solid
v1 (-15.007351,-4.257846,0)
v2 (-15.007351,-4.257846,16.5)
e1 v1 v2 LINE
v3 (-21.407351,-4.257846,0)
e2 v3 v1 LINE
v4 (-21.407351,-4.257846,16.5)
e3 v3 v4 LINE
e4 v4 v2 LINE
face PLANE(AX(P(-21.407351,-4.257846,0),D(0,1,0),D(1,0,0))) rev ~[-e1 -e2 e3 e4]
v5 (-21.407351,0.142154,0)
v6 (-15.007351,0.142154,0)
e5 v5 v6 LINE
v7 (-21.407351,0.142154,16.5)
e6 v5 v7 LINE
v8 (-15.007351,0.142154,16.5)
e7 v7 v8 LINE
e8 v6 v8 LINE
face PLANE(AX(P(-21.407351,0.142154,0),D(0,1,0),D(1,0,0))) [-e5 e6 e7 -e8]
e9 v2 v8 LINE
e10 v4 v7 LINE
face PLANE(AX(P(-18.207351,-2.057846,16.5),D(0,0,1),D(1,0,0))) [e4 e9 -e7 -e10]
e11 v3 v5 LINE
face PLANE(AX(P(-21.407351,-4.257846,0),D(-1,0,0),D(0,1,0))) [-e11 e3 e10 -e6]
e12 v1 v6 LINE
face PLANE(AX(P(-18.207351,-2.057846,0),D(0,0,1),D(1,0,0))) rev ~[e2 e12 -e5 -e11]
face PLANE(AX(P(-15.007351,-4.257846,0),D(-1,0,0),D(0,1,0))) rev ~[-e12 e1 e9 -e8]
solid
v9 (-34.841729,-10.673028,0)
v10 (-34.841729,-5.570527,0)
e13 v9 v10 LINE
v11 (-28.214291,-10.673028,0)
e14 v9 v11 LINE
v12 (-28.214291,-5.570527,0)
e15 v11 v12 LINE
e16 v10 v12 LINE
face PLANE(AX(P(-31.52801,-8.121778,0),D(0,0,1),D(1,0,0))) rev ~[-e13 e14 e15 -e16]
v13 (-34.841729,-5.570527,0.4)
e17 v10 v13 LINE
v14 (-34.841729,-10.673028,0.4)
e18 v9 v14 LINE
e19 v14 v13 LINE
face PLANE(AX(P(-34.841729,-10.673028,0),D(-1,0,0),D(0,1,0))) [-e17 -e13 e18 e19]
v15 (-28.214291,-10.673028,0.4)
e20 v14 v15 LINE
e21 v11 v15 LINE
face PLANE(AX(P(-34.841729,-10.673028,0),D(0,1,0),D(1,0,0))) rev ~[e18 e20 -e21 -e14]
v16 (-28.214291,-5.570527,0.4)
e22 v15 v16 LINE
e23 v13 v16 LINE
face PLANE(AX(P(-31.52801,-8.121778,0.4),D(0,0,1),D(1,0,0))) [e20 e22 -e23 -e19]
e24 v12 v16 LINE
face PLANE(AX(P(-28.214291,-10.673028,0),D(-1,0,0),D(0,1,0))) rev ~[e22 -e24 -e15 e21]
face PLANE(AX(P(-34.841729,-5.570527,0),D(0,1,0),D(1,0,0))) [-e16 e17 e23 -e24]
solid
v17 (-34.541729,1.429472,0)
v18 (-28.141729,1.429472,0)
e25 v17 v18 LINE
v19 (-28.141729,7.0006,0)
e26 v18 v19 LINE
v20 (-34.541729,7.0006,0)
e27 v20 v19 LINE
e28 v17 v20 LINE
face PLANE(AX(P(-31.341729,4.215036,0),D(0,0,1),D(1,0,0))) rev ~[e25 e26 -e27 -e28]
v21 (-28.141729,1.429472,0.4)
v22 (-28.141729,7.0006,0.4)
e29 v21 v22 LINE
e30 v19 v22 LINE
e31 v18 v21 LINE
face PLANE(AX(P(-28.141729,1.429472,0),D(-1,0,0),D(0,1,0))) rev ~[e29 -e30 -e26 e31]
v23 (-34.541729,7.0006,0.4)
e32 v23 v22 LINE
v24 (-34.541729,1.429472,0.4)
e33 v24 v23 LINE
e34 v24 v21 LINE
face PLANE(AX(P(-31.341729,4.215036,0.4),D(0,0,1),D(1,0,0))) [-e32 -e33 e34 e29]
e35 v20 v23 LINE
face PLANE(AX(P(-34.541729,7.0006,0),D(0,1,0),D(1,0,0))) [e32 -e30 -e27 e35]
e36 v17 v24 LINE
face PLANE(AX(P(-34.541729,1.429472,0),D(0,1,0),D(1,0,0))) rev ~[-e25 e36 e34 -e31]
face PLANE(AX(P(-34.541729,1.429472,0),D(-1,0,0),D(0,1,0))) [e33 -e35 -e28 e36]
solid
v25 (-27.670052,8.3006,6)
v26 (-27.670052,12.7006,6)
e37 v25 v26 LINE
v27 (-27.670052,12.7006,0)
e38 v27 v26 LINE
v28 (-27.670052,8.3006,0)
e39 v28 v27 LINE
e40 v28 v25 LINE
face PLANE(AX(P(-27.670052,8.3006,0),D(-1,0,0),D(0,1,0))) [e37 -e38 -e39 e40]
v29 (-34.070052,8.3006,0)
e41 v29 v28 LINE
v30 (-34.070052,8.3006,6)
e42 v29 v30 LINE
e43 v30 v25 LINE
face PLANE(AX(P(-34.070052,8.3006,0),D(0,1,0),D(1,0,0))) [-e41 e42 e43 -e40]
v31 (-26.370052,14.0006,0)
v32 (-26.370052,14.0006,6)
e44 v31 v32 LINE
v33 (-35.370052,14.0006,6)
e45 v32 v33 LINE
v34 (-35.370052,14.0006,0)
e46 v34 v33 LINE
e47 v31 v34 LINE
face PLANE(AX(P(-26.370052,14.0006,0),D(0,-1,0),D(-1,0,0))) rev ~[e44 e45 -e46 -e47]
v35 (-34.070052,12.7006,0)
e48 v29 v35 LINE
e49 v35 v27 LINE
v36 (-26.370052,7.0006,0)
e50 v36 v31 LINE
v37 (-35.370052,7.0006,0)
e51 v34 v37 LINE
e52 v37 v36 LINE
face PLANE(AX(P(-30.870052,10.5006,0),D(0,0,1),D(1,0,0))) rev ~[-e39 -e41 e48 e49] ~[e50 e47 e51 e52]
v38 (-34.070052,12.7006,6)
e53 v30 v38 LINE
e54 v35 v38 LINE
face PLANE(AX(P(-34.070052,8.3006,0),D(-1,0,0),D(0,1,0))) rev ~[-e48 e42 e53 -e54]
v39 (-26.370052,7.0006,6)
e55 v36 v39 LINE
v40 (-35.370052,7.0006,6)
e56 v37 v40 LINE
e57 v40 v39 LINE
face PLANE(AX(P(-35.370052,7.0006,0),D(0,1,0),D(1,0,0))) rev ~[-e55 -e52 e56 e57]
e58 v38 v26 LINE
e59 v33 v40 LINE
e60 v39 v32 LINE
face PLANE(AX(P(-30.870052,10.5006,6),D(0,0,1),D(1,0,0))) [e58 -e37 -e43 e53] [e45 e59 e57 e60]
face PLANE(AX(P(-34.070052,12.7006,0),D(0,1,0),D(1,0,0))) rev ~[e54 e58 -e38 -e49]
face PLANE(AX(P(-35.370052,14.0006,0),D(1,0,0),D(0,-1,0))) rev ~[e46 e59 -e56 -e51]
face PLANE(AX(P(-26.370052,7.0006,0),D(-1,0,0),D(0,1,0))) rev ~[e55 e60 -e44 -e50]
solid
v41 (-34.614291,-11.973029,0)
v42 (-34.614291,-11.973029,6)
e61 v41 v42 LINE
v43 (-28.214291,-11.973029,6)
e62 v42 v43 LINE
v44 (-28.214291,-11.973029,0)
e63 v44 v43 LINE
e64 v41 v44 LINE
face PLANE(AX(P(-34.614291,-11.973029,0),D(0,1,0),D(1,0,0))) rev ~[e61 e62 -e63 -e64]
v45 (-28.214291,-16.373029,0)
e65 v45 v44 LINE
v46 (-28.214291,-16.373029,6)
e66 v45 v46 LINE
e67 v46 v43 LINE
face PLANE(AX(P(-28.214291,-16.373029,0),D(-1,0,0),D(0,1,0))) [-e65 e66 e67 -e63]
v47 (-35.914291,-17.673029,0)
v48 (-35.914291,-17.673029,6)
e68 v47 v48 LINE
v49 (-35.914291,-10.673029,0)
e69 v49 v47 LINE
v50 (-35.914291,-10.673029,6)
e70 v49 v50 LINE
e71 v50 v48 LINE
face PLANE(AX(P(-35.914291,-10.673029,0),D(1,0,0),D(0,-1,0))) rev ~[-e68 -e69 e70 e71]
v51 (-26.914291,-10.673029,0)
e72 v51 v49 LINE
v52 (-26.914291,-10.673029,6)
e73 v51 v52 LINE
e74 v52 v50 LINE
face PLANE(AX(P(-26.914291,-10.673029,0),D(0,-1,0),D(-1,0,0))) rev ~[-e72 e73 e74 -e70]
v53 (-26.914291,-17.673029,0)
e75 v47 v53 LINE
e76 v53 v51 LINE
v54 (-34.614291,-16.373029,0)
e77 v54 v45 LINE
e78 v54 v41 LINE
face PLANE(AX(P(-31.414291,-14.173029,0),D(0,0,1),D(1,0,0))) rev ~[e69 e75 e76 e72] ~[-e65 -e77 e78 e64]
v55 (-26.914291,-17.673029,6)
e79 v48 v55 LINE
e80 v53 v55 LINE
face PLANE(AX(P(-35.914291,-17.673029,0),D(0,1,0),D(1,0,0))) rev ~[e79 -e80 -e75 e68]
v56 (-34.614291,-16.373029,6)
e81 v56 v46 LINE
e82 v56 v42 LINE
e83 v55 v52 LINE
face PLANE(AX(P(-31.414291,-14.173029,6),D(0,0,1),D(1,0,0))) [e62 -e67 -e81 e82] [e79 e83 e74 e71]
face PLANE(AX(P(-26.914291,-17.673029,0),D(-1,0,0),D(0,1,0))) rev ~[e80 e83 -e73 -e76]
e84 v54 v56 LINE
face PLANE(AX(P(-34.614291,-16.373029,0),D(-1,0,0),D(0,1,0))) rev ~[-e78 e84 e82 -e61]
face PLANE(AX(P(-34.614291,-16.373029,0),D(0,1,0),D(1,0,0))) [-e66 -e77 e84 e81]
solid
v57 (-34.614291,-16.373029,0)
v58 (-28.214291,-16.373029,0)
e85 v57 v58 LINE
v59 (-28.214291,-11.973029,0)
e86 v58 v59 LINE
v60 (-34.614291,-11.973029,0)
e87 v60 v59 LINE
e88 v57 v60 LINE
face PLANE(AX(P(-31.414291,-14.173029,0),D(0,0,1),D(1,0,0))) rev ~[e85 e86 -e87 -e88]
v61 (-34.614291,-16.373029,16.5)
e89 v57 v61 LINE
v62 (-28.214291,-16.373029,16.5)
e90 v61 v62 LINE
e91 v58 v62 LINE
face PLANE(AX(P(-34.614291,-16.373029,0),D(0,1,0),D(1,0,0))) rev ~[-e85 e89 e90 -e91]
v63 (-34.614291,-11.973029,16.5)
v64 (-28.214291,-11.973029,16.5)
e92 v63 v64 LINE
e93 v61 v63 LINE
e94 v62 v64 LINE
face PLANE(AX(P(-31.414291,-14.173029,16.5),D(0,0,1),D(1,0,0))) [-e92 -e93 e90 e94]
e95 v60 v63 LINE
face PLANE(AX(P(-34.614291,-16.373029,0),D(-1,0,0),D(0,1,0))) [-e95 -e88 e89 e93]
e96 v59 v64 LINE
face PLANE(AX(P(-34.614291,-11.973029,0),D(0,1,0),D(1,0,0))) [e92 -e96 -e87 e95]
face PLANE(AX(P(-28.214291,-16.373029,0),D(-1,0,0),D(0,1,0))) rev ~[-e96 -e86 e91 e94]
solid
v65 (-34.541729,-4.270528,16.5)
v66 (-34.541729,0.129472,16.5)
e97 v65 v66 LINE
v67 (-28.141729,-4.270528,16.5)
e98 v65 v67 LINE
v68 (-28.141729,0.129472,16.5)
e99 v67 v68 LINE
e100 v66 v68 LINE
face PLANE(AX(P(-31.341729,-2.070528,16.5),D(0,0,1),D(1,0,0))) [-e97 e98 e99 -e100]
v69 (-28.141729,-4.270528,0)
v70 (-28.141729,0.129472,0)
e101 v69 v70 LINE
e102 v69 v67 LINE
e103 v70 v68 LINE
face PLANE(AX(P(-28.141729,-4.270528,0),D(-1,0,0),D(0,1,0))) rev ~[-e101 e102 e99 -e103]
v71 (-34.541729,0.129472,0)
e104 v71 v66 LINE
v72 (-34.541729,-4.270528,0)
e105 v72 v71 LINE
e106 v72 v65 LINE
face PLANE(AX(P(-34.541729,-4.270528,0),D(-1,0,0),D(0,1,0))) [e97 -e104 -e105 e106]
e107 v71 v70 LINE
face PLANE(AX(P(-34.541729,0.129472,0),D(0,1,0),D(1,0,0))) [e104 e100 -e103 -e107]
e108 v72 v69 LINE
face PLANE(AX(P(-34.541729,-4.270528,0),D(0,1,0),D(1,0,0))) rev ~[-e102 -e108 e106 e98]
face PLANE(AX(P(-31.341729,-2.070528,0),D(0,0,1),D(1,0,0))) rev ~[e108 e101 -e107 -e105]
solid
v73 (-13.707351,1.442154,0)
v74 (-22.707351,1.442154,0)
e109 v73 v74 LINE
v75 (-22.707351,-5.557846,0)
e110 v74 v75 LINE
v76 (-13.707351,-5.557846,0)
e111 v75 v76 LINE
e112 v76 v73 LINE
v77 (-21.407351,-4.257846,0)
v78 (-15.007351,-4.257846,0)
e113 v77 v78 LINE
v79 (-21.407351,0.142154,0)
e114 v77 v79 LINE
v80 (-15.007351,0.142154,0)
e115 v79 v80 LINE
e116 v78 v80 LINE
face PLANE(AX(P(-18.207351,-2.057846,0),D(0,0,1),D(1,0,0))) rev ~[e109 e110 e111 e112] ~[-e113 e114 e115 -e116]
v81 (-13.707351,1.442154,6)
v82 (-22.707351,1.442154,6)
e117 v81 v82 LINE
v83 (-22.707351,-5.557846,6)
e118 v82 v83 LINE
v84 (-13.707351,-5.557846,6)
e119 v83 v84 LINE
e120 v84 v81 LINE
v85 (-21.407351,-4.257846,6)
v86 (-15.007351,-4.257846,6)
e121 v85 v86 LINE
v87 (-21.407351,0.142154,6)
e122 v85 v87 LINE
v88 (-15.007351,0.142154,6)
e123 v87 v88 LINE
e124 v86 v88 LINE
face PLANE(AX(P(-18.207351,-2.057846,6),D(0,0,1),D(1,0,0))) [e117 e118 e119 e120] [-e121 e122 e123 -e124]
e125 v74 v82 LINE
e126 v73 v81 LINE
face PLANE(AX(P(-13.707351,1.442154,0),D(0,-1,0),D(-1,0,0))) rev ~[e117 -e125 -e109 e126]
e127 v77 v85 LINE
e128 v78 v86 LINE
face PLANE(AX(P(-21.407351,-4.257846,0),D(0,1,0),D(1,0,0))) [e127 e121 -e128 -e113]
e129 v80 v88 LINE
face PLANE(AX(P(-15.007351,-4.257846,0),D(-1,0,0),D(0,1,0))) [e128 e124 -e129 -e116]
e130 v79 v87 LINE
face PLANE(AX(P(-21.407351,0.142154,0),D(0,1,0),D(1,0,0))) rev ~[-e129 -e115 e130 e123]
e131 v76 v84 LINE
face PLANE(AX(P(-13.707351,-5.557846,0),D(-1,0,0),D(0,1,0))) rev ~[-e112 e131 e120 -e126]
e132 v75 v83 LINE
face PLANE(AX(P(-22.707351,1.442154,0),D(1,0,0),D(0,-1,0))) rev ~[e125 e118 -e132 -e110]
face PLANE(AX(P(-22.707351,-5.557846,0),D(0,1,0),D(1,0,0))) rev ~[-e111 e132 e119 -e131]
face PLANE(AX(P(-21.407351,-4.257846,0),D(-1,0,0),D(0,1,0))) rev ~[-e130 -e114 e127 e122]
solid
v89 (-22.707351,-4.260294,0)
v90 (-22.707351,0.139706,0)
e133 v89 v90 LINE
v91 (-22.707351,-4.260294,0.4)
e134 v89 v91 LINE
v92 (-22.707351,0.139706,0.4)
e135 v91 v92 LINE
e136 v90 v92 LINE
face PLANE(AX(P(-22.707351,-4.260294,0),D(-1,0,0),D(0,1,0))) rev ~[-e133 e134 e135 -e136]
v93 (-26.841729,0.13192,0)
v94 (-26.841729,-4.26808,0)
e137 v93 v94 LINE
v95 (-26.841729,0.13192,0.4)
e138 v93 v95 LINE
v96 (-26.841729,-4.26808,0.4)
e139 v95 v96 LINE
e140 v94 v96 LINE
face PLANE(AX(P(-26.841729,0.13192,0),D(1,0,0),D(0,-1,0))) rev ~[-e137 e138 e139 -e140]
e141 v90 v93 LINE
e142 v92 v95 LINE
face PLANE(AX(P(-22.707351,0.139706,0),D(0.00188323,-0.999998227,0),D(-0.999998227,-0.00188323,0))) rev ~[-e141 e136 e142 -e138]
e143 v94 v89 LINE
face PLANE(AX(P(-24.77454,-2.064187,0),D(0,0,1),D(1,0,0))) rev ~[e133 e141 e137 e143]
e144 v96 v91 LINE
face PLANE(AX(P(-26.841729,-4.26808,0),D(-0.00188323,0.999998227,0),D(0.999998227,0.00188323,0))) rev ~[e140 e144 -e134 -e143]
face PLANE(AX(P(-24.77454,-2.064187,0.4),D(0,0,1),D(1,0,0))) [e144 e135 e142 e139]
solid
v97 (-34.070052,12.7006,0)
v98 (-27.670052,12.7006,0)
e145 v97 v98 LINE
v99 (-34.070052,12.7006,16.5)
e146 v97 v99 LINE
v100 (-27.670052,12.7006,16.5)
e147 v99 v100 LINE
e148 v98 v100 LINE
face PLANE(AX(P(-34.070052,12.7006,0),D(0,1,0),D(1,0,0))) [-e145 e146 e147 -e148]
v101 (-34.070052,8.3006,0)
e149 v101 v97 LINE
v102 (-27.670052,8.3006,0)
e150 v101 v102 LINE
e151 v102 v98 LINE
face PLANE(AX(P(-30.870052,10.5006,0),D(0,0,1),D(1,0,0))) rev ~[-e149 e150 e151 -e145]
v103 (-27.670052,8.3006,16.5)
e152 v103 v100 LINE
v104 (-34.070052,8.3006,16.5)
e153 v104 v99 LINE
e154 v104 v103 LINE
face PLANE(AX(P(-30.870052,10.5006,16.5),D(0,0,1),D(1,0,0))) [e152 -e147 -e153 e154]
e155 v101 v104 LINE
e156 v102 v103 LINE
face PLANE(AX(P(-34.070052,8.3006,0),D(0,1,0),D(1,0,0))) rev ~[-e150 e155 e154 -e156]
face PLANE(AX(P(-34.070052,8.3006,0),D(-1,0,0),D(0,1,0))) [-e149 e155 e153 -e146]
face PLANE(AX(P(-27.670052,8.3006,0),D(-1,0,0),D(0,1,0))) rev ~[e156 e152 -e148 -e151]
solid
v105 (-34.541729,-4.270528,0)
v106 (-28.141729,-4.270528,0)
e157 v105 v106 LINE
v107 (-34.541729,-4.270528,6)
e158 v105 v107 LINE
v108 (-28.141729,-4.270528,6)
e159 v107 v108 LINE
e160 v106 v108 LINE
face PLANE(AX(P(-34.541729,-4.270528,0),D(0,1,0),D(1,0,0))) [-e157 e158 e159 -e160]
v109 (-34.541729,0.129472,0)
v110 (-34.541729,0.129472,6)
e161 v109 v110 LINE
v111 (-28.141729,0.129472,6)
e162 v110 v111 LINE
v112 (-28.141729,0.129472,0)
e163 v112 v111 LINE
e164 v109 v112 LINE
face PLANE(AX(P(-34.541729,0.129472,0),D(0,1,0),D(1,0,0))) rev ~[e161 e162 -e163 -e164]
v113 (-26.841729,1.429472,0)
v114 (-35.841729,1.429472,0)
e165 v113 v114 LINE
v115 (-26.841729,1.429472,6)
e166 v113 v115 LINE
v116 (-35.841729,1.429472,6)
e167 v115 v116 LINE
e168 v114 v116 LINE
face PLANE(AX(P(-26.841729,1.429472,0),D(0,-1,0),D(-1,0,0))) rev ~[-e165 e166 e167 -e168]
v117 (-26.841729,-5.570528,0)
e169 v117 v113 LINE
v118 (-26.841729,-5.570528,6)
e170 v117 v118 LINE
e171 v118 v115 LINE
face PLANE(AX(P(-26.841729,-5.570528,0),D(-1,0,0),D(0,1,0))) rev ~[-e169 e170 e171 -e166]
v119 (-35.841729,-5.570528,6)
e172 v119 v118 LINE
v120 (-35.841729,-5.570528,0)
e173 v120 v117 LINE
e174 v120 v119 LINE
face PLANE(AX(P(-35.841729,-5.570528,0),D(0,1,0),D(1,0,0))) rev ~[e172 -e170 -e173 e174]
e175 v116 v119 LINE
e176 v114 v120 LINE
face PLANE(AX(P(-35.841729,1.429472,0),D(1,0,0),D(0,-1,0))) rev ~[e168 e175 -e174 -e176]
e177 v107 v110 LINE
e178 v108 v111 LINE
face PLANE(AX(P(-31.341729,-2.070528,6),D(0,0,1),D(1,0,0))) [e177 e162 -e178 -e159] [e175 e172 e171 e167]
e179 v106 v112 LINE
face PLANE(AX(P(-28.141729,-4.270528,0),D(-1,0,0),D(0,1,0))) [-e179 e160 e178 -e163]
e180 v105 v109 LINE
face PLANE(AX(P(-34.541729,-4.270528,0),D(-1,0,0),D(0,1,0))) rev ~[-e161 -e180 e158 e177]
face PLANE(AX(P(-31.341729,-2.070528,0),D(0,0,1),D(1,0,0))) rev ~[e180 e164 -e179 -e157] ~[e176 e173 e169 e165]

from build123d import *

# Parameters (mm, degrees)
F0_W     = 6.4
F0_H     = 4.4
F1_DEPTH = 6
F2_DEPTH = 16.5
F0_H_2   = 5.571128
F0_W_2   = 6.627438
F0_H_3   = 5.102501
F3_DEPTH = 0.4


with BuildPart() as f1:
    # F0 (on Top) → F1 (new body)
    with BuildSketch(Plane.XY):
        Polygon((-28.141729, 1.429472), (-34.541729, 1.429472), (-35.841729, 1.429472), (-35.841729, -5.570528), (-34.841729, -5.570528), (-28.214291, -5.570528), (-26.841729, -5.570528), (-26.841729, -4.26808), (-26.841729, 0.13192), (-26.841729, 1.429472), align=None)
        with Locations((-31.341729, -2.070528)):
            Rectangle(F0_W, F0_H, mode=Mode.SUBTRACT)
        Polygon((-22.707351, 1.442154), (-22.707351, 0.139706), (-22.707351, -4.260294), (-22.707351, -5.557846), (-13.707351, -5.557846), (-13.707351, 1.442154), align=None)
        with Locations((-18.207351, -2.057846)):
            Rectangle(F0_W, F0_H, mode=Mode.SUBTRACT)
        Polygon((-26.370052, 14.0006), (-35.370052, 14.0006), (-35.370052, 7.0006), (-34.541729, 7.0006), (-28.141729, 7.0006), (-26.370052, 7.0006), align=None)
        with Locations((-30.870052, 10.5006)):
            Rectangle(F0_W, F0_H, mode=Mode.SUBTRACT)
        Polygon((-28.214291, -10.673029), (-34.841729, -10.673029), (-35.914291, -10.673029), (-35.914291, -17.673029), (-26.914291, -17.673029), (-26.914291, -10.673029), align=None)
        with Locations((-31.414291, -14.173029)):
            Rectangle(F0_W, F0_H, mode=Mode.SUBTRACT)
    extrude(amount=F1_DEPTH)


with BuildPart() as f2:
    # F0 (on Top) → F2 (new body)
    with BuildSketch(Plane.XY):
        with Locations((-30.870052, 10.5006)):
            Rectangle(F0_W, F0_H)
        with Locations((-31.341729, -2.070528)):
            Rectangle(F0_W, F0_H)
        with Locations((-18.207351, -2.057846)):
            Rectangle(F0_W, F0_H)
        with Locations((-31.414291, -14.173029)):
            Rectangle(F0_W, F0_H)
    extrude(amount=F2_DEPTH)


with BuildPart() as f3:
    # F0 (on Top) → F3 (new body)
    with BuildSketch(Plane.XY):
        Polygon((-22.707351, 0.139706), (-26.841729, 0.13192), (-26.841729, -4.26808), (-22.707351, -4.260294), align=None)
        with Locations((-31.341729, 4.215036)):
            Rectangle(F0_W, F0_H_2)
        with Locations((-31.52801, -8.121778)):
            Rectangle(F0_W_2, F0_H_3)
    extrude(amount=F3_DEPTH)


solid = Compound([f1.part, f2.part, f3.part])
